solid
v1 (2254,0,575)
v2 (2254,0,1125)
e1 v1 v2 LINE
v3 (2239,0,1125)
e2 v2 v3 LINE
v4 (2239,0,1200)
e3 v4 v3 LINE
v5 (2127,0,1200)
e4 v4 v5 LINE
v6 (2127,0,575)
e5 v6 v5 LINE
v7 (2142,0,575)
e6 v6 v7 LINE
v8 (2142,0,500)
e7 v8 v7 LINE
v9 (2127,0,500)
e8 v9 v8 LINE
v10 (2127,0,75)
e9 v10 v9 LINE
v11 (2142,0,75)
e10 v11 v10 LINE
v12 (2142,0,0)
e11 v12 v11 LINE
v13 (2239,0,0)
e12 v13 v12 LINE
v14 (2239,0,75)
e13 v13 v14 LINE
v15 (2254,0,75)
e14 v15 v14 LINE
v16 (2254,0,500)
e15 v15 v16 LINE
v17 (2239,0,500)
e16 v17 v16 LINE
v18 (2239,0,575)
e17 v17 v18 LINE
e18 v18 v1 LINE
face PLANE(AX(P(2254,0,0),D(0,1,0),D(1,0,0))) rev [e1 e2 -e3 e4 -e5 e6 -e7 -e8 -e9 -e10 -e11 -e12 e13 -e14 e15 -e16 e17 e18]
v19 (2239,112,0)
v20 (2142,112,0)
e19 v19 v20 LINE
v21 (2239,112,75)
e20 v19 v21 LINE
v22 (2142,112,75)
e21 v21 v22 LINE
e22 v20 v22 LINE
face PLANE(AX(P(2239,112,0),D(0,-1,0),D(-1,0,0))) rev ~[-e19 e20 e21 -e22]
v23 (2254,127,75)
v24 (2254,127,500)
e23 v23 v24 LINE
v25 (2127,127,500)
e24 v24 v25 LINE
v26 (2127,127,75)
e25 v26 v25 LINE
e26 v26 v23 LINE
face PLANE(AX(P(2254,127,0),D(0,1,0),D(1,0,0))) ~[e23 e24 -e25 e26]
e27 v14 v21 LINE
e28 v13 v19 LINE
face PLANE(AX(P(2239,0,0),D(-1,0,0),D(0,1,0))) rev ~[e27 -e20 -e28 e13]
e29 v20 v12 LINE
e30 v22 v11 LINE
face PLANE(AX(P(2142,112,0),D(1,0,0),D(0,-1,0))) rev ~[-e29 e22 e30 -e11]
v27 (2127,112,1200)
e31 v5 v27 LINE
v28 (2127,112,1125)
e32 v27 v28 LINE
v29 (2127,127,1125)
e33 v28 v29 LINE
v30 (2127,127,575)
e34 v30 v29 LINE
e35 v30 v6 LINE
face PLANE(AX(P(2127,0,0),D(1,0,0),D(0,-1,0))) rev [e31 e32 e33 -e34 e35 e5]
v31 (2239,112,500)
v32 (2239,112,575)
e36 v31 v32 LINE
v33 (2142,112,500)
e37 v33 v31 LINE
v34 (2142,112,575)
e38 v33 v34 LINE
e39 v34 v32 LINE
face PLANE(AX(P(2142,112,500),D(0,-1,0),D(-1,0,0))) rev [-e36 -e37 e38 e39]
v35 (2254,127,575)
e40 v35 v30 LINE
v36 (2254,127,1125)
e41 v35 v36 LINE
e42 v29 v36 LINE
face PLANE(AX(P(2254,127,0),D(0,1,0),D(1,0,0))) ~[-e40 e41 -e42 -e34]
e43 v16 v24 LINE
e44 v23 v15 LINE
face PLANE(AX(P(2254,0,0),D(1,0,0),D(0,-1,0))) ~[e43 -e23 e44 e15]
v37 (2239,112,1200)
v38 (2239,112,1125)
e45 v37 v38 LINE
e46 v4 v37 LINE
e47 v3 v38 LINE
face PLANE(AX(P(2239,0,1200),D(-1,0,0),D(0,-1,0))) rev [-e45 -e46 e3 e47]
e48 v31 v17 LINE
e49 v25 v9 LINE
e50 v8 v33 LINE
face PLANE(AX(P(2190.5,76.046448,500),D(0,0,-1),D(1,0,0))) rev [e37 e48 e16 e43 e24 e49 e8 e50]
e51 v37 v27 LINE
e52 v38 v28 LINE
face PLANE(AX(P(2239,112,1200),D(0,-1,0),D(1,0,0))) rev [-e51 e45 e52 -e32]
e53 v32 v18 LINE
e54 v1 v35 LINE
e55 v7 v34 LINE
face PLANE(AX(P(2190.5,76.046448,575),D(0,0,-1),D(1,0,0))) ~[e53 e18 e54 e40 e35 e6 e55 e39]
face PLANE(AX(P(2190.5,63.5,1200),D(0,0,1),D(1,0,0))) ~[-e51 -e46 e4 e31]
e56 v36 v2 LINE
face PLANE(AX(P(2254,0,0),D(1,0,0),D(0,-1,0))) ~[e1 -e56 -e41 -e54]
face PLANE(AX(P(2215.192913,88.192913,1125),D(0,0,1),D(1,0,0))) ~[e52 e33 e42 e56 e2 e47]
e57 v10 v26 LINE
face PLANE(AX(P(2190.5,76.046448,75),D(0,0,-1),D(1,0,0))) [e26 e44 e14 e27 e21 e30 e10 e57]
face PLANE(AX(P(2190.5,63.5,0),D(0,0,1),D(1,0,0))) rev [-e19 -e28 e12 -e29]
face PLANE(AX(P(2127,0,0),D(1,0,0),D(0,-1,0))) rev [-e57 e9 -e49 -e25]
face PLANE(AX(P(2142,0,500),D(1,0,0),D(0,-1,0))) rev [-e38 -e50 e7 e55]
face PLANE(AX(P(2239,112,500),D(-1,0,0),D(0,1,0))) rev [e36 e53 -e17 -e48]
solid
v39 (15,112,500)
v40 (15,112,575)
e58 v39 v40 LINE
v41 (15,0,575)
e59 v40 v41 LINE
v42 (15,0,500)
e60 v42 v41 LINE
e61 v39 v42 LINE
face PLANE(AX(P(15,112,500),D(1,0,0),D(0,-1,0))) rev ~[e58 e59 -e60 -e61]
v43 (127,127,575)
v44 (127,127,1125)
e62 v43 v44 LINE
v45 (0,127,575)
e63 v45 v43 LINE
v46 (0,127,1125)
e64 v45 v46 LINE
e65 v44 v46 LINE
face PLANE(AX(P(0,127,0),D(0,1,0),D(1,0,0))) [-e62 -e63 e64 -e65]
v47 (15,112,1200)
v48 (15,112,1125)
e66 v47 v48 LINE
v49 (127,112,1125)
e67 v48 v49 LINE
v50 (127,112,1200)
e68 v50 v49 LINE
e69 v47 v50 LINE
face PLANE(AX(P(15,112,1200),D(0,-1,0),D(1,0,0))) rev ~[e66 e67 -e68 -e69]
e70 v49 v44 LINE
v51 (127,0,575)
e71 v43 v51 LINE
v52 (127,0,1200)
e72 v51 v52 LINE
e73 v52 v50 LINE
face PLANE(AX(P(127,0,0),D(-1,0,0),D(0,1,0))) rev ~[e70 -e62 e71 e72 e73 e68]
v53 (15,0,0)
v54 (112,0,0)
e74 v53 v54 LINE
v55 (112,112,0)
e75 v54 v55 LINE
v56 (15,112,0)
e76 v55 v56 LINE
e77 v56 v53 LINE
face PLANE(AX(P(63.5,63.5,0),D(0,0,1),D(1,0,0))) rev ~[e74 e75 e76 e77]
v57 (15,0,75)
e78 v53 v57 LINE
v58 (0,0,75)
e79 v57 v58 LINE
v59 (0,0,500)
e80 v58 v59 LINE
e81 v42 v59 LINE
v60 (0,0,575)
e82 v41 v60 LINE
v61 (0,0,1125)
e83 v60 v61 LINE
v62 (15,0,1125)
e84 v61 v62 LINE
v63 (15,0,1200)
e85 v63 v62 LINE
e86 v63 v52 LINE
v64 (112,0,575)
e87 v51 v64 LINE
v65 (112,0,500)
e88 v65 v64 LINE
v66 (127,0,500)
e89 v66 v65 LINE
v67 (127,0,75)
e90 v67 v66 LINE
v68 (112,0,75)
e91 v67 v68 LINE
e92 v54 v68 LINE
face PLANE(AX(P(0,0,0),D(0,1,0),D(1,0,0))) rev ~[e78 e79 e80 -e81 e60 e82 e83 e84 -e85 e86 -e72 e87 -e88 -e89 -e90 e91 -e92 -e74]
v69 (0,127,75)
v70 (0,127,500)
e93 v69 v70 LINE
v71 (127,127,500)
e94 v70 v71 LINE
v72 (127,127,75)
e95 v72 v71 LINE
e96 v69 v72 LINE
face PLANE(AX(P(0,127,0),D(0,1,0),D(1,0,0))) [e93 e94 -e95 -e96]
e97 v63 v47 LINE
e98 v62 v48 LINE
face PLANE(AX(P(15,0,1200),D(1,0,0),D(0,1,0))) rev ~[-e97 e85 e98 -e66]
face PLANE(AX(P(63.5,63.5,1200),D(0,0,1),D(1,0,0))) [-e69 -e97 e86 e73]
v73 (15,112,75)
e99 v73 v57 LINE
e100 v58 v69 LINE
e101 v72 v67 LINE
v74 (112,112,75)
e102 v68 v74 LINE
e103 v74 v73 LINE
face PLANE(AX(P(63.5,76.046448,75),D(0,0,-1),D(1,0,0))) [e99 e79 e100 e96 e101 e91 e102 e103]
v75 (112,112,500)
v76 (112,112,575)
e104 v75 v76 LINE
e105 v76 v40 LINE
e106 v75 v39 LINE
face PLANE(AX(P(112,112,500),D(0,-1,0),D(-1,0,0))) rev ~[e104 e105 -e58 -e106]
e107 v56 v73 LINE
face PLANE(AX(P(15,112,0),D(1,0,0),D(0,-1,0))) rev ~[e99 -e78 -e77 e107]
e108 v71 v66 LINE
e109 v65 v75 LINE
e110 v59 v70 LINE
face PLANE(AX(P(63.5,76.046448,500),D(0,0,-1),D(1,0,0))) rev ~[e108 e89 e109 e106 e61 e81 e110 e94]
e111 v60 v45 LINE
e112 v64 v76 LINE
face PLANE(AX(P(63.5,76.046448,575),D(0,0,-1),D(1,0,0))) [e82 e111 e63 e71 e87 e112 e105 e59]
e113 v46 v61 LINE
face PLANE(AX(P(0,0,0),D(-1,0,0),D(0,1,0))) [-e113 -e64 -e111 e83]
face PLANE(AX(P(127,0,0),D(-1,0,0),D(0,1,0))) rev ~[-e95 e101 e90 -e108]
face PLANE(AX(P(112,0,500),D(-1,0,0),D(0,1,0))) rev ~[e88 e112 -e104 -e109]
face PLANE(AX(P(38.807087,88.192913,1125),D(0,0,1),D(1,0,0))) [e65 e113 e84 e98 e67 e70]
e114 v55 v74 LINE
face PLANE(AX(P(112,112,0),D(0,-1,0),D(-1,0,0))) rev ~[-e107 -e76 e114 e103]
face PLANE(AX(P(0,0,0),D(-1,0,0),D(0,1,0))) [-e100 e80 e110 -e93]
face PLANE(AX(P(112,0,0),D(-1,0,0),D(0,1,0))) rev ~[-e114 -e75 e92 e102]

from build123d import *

# Parameters (mm, degrees)
F0_W      = 127
F0_H      = 127
F1_DEPTH  = 1200
F3_DEPTH  = 75
F5_START  = -500
F5_DEPTH  = 75
F9_DEPTH  = 75
F11_DEPTH = 75


with BuildPart() as f1:
    # F0 (on Top) → F1 (new body)
    with BuildSketch(Plane.XY):
        with Locations((63.5, 63.5)):
            Rectangle(F0_W, F0_H)
    extrude(amount=F1_DEPTH)

    # F2 (on face) → F3 (cut)
    with BuildSketch(Plane.XY.offset(1200)):
        Polygon((0, 127), (0, 0), (15, 0), (15, 112), (127, 112), (127, 127), align=None)
    extrude(amount=-F3_DEPTH, mode=Mode.SUBTRACT)

    # F4 (on face) → F5 (cut)
    with BuildSketch(Plane(origin=(0, 0, 0), x_dir=(1, 0, 0), z_dir=(0, 0, -1)).offset(F5_START)):
        Polygon((15, 0), (0, 0), (0, -127), (127, -127), (127, 0), (112, 0), (112, -112), (15, -112), align=None)
    extrude(amount=-F5_DEPTH, mode=Mode.SUBTRACT)


with BuildPart() as f7_1:
    # F7: instance of F1
    add(f1.part.mirror(Plane.YZ.offset(1127)))

    # F8 (on face) → F9 (cut)
    with BuildSketch(Plane(origin=(0, 0, 0), x_dir=(1, 0, 0), z_dir=(0, 0, -1))):
        Polygon((2254, -127), (2254, 0), (2239, 0), (2239, -112), (2142, -112), (2142, 0), (2127, 0), (2127, -127), align=None)
    extrude(amount=-F9_DEPTH, mode=Mode.SUBTRACT)


with BuildPart() as f1_1:
    add(f1.part)

    # F10 (on face) → F11 (cut)
    with BuildSketch(Plane(origin=(0, 0, 0), x_dir=(1, 0, 0), z_dir=(0, 0, -1))):
        Polygon((127, -127), (127, 0), (112, 0), (112, -112), (15, -112), (15, 0), (0, 0), (0, -127), align=None)
    extrude(amount=-F11_DEPTH, mode=Mode.SUBTRACT)


solid = Compound([f7_1.part, f1_1.part])
